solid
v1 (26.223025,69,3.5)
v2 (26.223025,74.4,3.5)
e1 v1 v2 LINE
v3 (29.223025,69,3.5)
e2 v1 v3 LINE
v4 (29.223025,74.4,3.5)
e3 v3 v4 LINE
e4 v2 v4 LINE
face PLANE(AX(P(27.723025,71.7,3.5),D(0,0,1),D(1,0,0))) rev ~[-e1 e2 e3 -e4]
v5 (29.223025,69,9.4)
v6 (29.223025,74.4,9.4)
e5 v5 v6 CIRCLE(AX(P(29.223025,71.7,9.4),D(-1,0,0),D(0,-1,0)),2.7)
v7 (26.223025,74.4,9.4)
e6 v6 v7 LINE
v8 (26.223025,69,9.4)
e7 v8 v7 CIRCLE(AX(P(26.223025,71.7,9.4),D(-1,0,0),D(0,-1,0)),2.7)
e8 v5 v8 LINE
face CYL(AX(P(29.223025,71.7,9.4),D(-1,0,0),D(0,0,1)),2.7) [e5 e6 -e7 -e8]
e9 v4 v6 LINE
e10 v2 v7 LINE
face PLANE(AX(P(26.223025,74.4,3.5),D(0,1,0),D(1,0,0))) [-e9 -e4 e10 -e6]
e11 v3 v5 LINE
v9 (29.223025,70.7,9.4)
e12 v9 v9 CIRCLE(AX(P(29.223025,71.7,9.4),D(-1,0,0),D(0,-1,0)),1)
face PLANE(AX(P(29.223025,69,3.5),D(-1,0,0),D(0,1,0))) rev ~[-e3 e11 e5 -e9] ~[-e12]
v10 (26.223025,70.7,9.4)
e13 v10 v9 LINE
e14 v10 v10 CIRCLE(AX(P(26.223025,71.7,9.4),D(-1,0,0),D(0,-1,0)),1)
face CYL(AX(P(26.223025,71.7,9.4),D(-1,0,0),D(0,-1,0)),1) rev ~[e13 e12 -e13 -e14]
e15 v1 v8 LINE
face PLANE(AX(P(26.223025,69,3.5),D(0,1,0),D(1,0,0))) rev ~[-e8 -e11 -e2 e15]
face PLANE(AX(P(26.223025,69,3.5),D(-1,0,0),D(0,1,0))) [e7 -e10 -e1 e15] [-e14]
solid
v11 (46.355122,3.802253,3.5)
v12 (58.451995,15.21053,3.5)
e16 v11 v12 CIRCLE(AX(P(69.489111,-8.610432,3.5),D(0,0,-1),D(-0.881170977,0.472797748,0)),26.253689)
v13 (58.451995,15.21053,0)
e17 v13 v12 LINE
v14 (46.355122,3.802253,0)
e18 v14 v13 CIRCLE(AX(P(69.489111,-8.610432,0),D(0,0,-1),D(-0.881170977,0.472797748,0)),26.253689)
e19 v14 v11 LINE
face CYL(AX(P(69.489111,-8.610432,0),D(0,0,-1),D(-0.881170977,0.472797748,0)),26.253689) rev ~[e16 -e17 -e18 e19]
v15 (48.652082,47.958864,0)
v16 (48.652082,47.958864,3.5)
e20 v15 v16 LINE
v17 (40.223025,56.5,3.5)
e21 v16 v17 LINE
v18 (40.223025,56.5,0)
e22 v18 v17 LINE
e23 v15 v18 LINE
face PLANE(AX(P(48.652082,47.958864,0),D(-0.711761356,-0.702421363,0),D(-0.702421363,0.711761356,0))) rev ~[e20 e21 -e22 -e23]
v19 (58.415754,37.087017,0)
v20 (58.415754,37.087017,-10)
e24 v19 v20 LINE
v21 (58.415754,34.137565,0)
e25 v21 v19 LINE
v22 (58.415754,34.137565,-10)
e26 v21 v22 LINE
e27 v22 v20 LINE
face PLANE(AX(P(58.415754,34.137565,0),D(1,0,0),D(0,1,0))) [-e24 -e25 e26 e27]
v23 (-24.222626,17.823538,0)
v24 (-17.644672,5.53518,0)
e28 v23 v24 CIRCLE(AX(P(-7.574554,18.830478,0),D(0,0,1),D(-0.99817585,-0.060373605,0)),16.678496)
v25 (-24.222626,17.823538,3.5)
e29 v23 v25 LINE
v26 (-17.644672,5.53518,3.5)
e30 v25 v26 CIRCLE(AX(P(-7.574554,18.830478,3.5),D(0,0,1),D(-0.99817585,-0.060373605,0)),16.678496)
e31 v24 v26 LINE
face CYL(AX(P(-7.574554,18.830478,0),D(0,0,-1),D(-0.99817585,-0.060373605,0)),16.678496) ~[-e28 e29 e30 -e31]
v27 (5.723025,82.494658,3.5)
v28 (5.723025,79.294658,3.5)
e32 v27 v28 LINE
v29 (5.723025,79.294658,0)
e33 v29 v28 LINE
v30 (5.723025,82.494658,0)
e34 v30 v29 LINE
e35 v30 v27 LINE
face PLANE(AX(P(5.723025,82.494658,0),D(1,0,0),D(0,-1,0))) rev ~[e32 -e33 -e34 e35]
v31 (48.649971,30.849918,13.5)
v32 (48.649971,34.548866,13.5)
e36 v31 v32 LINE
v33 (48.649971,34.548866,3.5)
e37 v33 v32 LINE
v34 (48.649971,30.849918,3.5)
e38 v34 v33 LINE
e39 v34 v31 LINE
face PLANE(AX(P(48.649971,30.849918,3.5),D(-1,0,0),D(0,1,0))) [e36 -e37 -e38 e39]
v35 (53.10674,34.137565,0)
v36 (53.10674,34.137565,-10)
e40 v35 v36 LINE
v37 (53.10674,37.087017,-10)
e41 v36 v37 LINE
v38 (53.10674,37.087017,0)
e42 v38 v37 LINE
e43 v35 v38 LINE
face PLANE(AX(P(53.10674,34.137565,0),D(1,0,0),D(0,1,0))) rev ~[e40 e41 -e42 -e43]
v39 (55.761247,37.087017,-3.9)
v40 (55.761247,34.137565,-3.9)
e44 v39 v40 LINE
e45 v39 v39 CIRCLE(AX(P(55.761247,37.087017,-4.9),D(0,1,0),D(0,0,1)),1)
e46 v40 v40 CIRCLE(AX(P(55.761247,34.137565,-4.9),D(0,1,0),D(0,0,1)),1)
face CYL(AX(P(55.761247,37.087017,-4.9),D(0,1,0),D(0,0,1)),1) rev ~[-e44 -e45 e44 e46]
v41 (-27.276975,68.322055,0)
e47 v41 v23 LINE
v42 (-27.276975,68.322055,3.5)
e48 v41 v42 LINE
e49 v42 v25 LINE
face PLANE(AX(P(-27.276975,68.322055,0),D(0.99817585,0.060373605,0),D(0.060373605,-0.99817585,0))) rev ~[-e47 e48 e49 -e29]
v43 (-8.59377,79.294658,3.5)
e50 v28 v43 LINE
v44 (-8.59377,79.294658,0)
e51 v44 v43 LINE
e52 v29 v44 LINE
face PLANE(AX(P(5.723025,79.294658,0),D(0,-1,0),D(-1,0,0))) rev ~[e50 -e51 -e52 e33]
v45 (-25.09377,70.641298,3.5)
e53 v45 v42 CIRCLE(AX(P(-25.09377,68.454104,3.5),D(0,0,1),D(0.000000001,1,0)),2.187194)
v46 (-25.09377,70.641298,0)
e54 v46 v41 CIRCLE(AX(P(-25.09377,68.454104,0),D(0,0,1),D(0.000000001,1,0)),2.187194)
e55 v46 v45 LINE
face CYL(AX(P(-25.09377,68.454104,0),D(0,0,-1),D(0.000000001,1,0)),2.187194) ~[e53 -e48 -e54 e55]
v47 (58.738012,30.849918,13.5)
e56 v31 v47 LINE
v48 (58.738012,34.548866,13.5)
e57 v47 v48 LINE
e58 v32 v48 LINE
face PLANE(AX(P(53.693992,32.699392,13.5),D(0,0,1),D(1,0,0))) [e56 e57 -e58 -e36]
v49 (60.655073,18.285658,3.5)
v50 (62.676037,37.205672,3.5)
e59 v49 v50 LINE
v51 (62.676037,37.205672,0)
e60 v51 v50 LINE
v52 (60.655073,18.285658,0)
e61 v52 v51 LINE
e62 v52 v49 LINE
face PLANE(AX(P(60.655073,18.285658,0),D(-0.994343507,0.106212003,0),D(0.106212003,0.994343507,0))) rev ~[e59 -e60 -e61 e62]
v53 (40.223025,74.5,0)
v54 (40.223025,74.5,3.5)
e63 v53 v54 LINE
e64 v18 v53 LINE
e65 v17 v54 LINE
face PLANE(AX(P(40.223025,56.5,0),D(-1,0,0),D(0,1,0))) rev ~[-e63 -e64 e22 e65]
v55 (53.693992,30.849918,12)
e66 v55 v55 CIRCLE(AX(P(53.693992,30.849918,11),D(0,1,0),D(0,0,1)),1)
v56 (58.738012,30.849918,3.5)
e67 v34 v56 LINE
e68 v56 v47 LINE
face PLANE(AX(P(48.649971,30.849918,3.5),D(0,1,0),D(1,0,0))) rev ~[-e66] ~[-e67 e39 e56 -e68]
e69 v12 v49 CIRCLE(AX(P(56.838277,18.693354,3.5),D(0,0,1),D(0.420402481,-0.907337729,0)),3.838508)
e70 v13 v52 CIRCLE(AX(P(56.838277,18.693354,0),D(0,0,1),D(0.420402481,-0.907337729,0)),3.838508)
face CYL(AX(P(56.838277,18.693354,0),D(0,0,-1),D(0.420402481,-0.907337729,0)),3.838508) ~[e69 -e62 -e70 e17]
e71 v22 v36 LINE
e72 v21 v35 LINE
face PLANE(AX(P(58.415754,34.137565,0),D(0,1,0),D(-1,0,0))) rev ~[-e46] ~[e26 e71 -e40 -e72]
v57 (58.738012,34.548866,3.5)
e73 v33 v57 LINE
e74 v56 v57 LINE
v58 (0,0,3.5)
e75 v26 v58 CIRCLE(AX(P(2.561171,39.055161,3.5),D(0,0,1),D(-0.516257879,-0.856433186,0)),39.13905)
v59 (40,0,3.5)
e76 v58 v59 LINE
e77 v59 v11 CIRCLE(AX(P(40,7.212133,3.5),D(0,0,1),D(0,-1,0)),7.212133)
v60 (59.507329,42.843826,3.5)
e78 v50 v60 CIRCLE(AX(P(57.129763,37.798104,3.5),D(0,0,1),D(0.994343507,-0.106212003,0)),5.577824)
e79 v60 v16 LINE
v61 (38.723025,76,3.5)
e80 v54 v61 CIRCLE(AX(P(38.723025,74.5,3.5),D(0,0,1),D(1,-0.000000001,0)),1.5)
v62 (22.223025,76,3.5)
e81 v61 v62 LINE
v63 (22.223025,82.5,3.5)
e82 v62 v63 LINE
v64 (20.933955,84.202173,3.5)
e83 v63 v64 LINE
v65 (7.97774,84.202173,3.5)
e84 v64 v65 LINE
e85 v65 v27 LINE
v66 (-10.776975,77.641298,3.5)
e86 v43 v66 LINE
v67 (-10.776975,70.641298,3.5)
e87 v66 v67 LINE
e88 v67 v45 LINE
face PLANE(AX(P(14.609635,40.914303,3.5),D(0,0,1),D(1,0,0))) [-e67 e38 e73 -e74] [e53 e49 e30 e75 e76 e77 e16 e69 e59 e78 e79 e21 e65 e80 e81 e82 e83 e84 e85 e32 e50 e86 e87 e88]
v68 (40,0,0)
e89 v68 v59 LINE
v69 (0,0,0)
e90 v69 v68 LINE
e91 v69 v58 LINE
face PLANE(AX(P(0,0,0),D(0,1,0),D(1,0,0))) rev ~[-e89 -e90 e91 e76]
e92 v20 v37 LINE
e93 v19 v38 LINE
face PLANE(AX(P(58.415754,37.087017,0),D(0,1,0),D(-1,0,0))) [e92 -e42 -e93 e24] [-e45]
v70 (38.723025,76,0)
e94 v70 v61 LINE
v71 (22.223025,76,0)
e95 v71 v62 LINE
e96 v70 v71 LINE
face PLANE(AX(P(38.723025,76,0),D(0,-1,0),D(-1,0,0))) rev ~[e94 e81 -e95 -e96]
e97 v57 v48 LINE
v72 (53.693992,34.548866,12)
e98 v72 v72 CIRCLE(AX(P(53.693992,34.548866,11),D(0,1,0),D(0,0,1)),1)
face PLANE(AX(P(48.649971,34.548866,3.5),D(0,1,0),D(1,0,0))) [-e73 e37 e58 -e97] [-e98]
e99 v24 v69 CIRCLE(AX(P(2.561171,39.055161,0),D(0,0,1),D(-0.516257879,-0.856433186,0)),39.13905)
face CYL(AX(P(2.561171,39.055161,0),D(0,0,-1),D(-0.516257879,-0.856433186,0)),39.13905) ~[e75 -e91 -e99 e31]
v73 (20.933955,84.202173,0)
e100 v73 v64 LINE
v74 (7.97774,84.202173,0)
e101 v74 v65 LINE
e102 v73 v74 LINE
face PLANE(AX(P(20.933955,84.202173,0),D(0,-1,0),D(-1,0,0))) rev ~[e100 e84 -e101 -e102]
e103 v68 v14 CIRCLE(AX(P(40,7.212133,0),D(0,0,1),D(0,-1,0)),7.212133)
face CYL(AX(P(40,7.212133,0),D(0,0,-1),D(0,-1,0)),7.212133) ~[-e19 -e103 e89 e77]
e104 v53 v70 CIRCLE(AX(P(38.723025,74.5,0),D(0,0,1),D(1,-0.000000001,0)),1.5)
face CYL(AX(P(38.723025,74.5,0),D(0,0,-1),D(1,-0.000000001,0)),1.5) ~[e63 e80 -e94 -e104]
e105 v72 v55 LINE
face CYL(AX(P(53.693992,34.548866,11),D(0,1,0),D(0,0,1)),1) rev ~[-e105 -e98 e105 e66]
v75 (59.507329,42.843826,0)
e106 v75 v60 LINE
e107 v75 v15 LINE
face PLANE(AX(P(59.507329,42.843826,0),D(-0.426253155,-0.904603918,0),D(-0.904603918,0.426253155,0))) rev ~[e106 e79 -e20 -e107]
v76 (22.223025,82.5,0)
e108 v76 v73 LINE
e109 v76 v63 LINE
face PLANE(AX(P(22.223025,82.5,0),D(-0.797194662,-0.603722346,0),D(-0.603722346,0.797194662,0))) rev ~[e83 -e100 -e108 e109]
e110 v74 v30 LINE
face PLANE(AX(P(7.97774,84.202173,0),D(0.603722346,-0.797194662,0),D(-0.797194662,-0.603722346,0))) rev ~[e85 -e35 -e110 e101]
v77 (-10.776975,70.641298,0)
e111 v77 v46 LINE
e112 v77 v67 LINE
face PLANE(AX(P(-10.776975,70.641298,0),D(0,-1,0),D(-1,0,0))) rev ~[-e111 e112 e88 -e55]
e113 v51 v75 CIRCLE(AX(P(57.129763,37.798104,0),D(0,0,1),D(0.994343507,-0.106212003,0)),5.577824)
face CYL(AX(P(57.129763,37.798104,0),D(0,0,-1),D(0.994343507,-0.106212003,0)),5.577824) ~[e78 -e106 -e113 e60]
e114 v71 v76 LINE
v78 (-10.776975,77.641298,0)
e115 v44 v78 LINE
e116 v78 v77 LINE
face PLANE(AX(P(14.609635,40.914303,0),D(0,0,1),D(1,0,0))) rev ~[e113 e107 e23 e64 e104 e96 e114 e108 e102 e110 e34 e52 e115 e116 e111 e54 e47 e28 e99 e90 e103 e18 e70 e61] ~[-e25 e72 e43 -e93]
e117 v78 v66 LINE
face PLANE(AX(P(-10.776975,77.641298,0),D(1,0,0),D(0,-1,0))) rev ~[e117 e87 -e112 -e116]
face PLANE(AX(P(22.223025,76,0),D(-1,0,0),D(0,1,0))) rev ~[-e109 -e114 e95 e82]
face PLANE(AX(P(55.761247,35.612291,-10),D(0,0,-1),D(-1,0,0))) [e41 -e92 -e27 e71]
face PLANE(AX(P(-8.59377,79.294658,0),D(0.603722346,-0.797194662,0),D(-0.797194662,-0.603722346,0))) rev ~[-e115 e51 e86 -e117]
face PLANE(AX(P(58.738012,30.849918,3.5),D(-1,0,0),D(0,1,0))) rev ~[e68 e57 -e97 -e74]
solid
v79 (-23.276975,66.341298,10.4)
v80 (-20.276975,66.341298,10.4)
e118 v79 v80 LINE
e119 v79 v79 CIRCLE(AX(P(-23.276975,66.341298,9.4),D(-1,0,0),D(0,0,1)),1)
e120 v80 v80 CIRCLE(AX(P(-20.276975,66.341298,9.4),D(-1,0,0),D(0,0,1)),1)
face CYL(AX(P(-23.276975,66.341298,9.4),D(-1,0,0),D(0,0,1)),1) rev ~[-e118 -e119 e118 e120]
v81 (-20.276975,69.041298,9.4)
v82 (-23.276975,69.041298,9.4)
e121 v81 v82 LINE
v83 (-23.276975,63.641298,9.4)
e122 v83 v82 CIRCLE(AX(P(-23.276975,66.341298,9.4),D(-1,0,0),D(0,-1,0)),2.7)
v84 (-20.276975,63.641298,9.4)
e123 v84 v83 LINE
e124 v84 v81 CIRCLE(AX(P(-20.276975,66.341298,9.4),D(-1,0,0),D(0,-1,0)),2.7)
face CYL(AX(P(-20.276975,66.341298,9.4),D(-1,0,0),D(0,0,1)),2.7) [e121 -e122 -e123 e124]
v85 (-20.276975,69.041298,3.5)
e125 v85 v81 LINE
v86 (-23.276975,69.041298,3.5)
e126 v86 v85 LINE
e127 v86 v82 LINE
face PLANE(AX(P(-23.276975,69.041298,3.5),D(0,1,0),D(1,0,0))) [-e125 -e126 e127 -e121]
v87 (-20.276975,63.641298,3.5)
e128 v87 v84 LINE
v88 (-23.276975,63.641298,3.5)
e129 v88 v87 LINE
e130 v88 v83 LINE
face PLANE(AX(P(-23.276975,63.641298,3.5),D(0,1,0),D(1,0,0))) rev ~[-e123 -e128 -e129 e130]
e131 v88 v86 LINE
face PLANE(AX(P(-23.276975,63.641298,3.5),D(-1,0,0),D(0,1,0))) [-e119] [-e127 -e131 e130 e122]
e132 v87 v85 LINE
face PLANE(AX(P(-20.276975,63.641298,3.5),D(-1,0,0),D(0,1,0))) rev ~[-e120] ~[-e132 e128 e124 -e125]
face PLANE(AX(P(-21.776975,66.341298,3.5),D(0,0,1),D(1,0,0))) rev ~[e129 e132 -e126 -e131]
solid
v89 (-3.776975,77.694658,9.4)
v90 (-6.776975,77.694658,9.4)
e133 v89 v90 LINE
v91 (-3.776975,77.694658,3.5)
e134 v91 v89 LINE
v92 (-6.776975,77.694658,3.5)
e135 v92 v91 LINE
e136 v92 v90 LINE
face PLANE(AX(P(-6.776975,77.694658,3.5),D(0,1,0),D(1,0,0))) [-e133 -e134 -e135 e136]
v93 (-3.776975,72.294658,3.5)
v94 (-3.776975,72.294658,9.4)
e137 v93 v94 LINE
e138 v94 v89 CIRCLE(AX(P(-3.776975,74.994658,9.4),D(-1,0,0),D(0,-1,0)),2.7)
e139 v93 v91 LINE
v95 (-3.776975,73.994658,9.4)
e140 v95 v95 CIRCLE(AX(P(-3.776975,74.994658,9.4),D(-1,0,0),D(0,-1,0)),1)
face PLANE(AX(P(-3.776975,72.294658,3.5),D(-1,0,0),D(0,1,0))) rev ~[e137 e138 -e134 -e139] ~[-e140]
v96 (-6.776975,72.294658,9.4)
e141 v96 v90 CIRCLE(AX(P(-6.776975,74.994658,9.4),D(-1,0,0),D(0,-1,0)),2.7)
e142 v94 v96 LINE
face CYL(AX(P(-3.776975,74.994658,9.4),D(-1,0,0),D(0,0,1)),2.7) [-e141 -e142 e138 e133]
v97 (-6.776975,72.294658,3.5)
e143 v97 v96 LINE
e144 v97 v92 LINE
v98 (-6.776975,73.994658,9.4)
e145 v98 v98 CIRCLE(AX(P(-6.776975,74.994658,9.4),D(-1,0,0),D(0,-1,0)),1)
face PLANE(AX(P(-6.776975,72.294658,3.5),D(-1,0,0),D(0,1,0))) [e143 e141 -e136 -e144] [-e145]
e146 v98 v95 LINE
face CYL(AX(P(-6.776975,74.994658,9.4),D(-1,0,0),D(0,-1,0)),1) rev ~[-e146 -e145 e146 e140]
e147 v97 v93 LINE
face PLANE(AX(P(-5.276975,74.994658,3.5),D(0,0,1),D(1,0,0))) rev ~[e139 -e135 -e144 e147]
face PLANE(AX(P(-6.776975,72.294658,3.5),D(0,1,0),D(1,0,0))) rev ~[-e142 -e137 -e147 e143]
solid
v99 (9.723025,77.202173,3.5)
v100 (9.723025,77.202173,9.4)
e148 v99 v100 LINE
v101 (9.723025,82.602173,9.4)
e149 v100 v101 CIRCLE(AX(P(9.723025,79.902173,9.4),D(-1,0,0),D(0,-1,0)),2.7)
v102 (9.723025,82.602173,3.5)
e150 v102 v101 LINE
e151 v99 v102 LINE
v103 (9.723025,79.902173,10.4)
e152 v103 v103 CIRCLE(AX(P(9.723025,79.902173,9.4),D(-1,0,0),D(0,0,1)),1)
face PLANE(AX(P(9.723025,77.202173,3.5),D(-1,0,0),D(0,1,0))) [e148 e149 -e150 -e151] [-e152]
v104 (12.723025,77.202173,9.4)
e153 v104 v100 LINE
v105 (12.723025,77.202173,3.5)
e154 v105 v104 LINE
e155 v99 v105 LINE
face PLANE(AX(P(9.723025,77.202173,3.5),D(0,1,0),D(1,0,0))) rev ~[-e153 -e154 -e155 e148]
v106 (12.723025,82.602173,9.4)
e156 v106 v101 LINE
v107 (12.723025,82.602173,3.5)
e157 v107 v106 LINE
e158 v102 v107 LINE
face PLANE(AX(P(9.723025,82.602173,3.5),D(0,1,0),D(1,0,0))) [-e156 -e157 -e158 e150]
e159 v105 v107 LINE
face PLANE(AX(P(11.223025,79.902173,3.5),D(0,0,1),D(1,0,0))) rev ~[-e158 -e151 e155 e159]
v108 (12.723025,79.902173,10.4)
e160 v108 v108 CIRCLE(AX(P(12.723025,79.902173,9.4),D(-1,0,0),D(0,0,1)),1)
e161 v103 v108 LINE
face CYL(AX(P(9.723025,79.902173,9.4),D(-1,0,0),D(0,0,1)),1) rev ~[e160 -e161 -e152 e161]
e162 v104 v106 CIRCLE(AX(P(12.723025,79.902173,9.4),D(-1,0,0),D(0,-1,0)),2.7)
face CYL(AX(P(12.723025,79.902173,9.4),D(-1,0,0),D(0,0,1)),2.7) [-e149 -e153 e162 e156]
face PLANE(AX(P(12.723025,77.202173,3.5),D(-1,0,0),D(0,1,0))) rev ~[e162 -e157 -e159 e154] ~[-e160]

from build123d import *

# Parameters (mm, degrees)
BOSS_EXTRUDE1_DEPTH   = 3.5
SKETCH2_W             = 3
SKETCH2_H             = 5.4
BOSS_EXTRUDE2_DEPTH   = 8.6
BOSS_EXTRUDE2_2_DEPTH = 8.6
BOSS_EXTRUDE2_3_DEPTH = 8.6
BOSS_EXTRUDE2_4_DEPTH = 8.6
FILLET1_RADIUS        = 2.7
FILLET1_LENGTH        = 3
SKETCH3_R             = 1
CUT_EXTRUDE1_DEPTH    = 8.6
FILLET2_RADIUS        = 2.7
FILLET2_LENGTH        = 3
FILLET3_RADIUS        = 2.7
FILLET3_LENGTH        = 3
FILLET4_RADIUS        = 2.7
FILLET4_LENGTH        = 3
SKETCH4_R             = 1
CUT_EXTRUDE2_DEPTH    = 8.6
SKETCH5_R             = 1
CUT_EXTRUDE3_DEPTH    = 8.6
SKETCH6_R             = 1
CUT_EXTRUDE4_DEPTH    = 8.6
SKETCH7_W             = 10.088041161
SKETCH7_H             = 3.698948425
BOSS_EXTRUDE3_DEPTH   = 10
SKETCH9_W             = 5.309014269
SKETCH9_H             = 2.949452372
BOSS_EXTRUDE4_DEPTH   = 10
SKETCH10_R            = 1
CUT_EXTRUDE5_DEPTH    = 80.588500555
SKETCH11_R            = 1
CUT_EXTRUDE6_DEPTH    = 36


with BuildPart() as part:
    # Sketch1 → Boss-Extrude1 (new body)
    with BuildSketch(Plane.XY):
        with BuildLine():
            Line((0, 0), (40, 0))
            ThreePointArc((40, 0), (43.702860631, 1.02313584), (46.355122404, 3.802252838))
            ThreePointArc((46.355122404, 3.802252838), (51.476523904, 10.489381564), (58.451995118, 15.210530288))
            ThreePointArc((58.451995118, 15.210530288), (59.958649091, 16.457862213), (60.65507251, 18.285658031))
            Line((60.65507251, 18.285658031), (62.676036693, 37.205672289))
            ThreePointArc((62.676036693, 37.205672289), (61.992272805, 40.530891279), (59.507328539, 42.843825863))
            Line((59.507328539, 42.843825863), (48.652081527, 47.958863722))
            Line((48.652081527, 47.958863722), (40.223025169, 56.5))
            Line((40.223025169, 56.5), (40.223025169, 74.5))
            ThreePointArc((40.223025169, 74.5), (39.783685341, 75.560660172), (38.723025169, 76))
            Line((38.723025169, 76), (22.223025169, 76))
            Line((22.223025169, 76), (22.223025169, 82.5))
            Line((22.223025169, 82.5), (20.933955052, 84.202172899))
            Line((20.933955052, 84.202172899), (7.977740221, 84.202172899))
            Line((7.977740221, 84.202172899), (5.723025169, 82.494657876))
            Line((5.723025169, 82.494657876), (5.723025169, 79.294657876))
            Line((5.723025169, 79.294657876), (-8.593770284, 79.294657876))
            Line((-8.593770284, 79.294657876), (-10.776974831, 77.641298372))
            Line((-10.776974831, 77.641298372), (-10.776974831, 70.641298372))
            Line((-10.776974831, 70.641298372), (-25.093770284, 70.641298372))
            ThreePointArc((-25.093770284, 70.641298372), (-26.686352367, 69.953270921), (-27.276974831, 68.32205525))
            Line((-27.276974831, 68.32205525), (-24.222625674, 17.823537539))
            ThreePointArc((-24.222625674, 17.823537539), (-22.27885064, 10.959272595), (-17.644671543, 5.535180163))
            ThreePointArc((-17.644671543, 5.535180163), (-9.153938091, 1.710530722), (0, 0))
        make_face()
    extrude(amount=BOSS_EXTRUDE1_DEPTH)

    # Sketch7 → Boss-Extrude3 (add)
    with BuildSketch(Plane.XY.offset(3.5)):
        with Locations((53.693991646, 32.699391902)):
            Rectangle(SKETCH7_W, SKETCH7_H)
    extrude(amount=BOSS_EXTRUDE3_DEPTH)

    # Sketch9 → Boss-Extrude4 (add)
    with BuildSketch(Plane(origin=(0, 0, 0), x_dir=(-1, 0, 0), z_dir=(0, 0, -1))):
        with Locations((-55.761247102, 35.612291232)):
            Rectangle(SKETCH9_W, SKETCH9_H)
    extrude(amount=BOSS_EXTRUDE4_DEPTH)

    # Sketch10 → Cut-Extrude5 (cut, through all)
    with BuildSketch(Plane(origin=(0, 37.087017418, 0), x_dir=(1, 0, 0), z_dir=(0, 1, 0))):
        with Locations(Location((55.761247101, 4.9, 0), (0, 0, 270))):
            Circle(SKETCH10_R)
    extrude(amount=-CUT_EXTRUDE5_DEPTH, mode=Mode.SUBTRACT)

    # Sketch11 → Cut-Extrude6 (cut)
    with BuildSketch(Plane(origin=(0, 34.548866114, 0), x_dir=(1, 0, 0), z_dir=(0, 1, 0))):
        with Locations(Location((53.693991645, -11, 0), (0, 0, 270))):
            Circle(SKETCH11_R)
    extrude(amount=-CUT_EXTRUDE6_DEPTH, mode=Mode.SUBTRACT)


with BuildPart() as body_2:
    # Sketch2 → Boss-Extrude2 (new body)
    with BuildSketch(Plane.XY.offset(3.5)):
        with Locations((-21.776974831, 66.341298372)):
            Rectangle(SKETCH2_W, SKETCH2_H)
    extrude(amount=BOSS_EXTRUDE2_DEPTH)

    # Fillet1: full round fillet: the end face becomes a half cylinder, R = half its width
    fillet1_face = Plane((-21.776974831, 66.341298372, 12.1), x_dir=(-1, 0, 0), z_dir=(0, 0, 1))  # on the end face: x along it, z out of the body
    fillet1_slab = fillet1_face.offset(-FILLET1_RADIUS / 2) * Box(FILLET1_LENGTH, 2 * FILLET1_RADIUS, FILLET1_RADIUS, mode=Mode.PRIVATE)  # the body's end, R deep
    fillet1_round = Plane((-21.776974831, 66.341298372, 9.4), x_dir=(0, 0, 1), z_dir=(-1, 0, 0)) * Cylinder(FILLET1_RADIUS, FILLET1_LENGTH, mode=Mode.PRIVATE)  # its axis R under the face
    add(fillet1_slab - fillet1_round, mode=Mode.SUBTRACT)

    # Sketch3 → Cut-Extrude1 (cut)
    with BuildSketch(Plane.ZY.offset(23.276974831)):
        with Locations((9.4, 66.341298372)):
            Circle(SKETCH3_R)
    extrude(amount=-CUT_EXTRUDE1_DEPTH, mode=Mode.SUBTRACT)


with BuildPart() as body_3:
    # Sketch2 → Boss-Extrude2 2 (new body)
    with BuildSketch(Plane.XY.offset(3.5)):
        with Locations((-5.276974831, 74.994657876)):
            Rectangle(SKETCH2_W, SKETCH2_H)
    extrude(amount=BOSS_EXTRUDE2_2_DEPTH)

    # Fillet2: full round fillet: the end face becomes a half cylinder, R = half its width
    fillet2_face = Plane((-5.276974831, 74.994657876, 12.1), x_dir=(-1, 0, 0), z_dir=(0, 0, 1))  # on the end face: x along it, z out of the body
    fillet2_slab = fillet2_face.offset(-FILLET2_RADIUS / 2) * Box(FILLET2_LENGTH, 2 * FILLET2_RADIUS, FILLET2_RADIUS, mode=Mode.PRIVATE)  # the body's end, R deep
    fillet2_round = Plane((-5.276974831, 74.994657876, 9.4), x_dir=(0, 0, 1), z_dir=(-1, 0, 0)) * Cylinder(FILLET2_RADIUS, FILLET2_LENGTH, mode=Mode.PRIVATE)  # its axis R under the face
    add(fillet2_slab - fillet2_round, mode=Mode.SUBTRACT)

    # Sketch4 → Cut-Extrude2 (cut)
    with BuildSketch(Plane.ZY.offset(6.776974831)):
        with Locations(Location((9.4, 74.994657876, 0), (0, 0, 270))):
            Circle(SKETCH4_R)
    extrude(amount=-CUT_EXTRUDE2_DEPTH, mode=Mode.SUBTRACT)


with BuildPart() as body_4:
    # Sketch2 → Boss-Extrude2 3 (new body)
    with BuildSketch(Plane.XY.offset(3.5)):
        with Locations((11.223025169, 79.902172899)):
            Rectangle(SKETCH2_W, SKETCH2_H)
    extrude(amount=BOSS_EXTRUDE2_3_DEPTH)

    # Fillet3: full round fillet: the end face becomes a half cylinder, R = half its width
    fillet3_face = Plane((11.223025169, 79.902172899, 12.1), x_dir=(-1, 0, 0), z_dir=(0, 0, 1))  # on the end face: x along it, z out of the body
    fillet3_slab = fillet3_face.offset(-FILLET3_RADIUS / 2) * Box(FILLET3_LENGTH, 2 * FILLET3_RADIUS, FILLET3_RADIUS, mode=Mode.PRIVATE)  # the body's end, R deep
    fillet3_round = Plane((11.223025169, 79.902172899, 9.4), x_dir=(0, 0, 1), z_dir=(-1, 0, 0)) * Cylinder(FILLET3_RADIUS, FILLET3_LENGTH, mode=Mode.PRIVATE)  # its axis R under the face
    add(fillet3_slab - fillet3_round, mode=Mode.SUBTRACT)

    # Sketch5 → Cut-Extrude3 (cut)
    with BuildSketch(Plane.ZY.offset(-9.723025169)):
        with Locations((9.4, 79.902172899)):
            Circle(SKETCH5_R)
    extrude(amount=-CUT_EXTRUDE3_DEPTH, mode=Mode.SUBTRACT)


with BuildPart() as body_5:
    # Sketch2 → Boss-Extrude2 4 (new body)
    with BuildSketch(Plane.XY.offset(3.5)):
        with Locations((27.723025169, 71.7)):
            Rectangle(SKETCH2_W, SKETCH2_H)
    extrude(amount=BOSS_EXTRUDE2_4_DEPTH)

    # Fillet4: full round fillet: the end face becomes a half cylinder, R = half its width
    fillet4_face = Plane((27.723025169, 71.7, 12.1), x_dir=(-1, 0, 0), z_dir=(0, 0, 1))  # on the end face: x along it, z out of the body
    fillet4_slab = fillet4_face.offset(-FILLET4_RADIUS / 2) * Box(FILLET4_LENGTH, 2 * FILLET4_RADIUS, FILLET4_RADIUS, mode=Mode.PRIVATE)  # the body's end, R deep
    fillet4_round = Plane((27.723025169, 71.7, 9.4), x_dir=(0, 0, 1), z_dir=(-1, 0, 0)) * Cylinder(FILLET4_RADIUS, FILLET4_LENGTH, mode=Mode.PRIVATE)  # its axis R under the face
    add(fillet4_slab - fillet4_round, mode=Mode.SUBTRACT)

    # Sketch6 → Cut-Extrude4 (cut)
    with BuildSketch(Plane.ZY.offset(-26.223025169)):
        with Locations(Location((9.4, 71.7, 0), (0, 0, 270))):
            Circle(SKETCH6_R)
    extrude(amount=-CUT_EXTRUDE4_DEPTH, mode=Mode.SUBTRACT)


solid = Compound([part.part, body_2.part, body_3.part, body_4.part, body_5.part])
